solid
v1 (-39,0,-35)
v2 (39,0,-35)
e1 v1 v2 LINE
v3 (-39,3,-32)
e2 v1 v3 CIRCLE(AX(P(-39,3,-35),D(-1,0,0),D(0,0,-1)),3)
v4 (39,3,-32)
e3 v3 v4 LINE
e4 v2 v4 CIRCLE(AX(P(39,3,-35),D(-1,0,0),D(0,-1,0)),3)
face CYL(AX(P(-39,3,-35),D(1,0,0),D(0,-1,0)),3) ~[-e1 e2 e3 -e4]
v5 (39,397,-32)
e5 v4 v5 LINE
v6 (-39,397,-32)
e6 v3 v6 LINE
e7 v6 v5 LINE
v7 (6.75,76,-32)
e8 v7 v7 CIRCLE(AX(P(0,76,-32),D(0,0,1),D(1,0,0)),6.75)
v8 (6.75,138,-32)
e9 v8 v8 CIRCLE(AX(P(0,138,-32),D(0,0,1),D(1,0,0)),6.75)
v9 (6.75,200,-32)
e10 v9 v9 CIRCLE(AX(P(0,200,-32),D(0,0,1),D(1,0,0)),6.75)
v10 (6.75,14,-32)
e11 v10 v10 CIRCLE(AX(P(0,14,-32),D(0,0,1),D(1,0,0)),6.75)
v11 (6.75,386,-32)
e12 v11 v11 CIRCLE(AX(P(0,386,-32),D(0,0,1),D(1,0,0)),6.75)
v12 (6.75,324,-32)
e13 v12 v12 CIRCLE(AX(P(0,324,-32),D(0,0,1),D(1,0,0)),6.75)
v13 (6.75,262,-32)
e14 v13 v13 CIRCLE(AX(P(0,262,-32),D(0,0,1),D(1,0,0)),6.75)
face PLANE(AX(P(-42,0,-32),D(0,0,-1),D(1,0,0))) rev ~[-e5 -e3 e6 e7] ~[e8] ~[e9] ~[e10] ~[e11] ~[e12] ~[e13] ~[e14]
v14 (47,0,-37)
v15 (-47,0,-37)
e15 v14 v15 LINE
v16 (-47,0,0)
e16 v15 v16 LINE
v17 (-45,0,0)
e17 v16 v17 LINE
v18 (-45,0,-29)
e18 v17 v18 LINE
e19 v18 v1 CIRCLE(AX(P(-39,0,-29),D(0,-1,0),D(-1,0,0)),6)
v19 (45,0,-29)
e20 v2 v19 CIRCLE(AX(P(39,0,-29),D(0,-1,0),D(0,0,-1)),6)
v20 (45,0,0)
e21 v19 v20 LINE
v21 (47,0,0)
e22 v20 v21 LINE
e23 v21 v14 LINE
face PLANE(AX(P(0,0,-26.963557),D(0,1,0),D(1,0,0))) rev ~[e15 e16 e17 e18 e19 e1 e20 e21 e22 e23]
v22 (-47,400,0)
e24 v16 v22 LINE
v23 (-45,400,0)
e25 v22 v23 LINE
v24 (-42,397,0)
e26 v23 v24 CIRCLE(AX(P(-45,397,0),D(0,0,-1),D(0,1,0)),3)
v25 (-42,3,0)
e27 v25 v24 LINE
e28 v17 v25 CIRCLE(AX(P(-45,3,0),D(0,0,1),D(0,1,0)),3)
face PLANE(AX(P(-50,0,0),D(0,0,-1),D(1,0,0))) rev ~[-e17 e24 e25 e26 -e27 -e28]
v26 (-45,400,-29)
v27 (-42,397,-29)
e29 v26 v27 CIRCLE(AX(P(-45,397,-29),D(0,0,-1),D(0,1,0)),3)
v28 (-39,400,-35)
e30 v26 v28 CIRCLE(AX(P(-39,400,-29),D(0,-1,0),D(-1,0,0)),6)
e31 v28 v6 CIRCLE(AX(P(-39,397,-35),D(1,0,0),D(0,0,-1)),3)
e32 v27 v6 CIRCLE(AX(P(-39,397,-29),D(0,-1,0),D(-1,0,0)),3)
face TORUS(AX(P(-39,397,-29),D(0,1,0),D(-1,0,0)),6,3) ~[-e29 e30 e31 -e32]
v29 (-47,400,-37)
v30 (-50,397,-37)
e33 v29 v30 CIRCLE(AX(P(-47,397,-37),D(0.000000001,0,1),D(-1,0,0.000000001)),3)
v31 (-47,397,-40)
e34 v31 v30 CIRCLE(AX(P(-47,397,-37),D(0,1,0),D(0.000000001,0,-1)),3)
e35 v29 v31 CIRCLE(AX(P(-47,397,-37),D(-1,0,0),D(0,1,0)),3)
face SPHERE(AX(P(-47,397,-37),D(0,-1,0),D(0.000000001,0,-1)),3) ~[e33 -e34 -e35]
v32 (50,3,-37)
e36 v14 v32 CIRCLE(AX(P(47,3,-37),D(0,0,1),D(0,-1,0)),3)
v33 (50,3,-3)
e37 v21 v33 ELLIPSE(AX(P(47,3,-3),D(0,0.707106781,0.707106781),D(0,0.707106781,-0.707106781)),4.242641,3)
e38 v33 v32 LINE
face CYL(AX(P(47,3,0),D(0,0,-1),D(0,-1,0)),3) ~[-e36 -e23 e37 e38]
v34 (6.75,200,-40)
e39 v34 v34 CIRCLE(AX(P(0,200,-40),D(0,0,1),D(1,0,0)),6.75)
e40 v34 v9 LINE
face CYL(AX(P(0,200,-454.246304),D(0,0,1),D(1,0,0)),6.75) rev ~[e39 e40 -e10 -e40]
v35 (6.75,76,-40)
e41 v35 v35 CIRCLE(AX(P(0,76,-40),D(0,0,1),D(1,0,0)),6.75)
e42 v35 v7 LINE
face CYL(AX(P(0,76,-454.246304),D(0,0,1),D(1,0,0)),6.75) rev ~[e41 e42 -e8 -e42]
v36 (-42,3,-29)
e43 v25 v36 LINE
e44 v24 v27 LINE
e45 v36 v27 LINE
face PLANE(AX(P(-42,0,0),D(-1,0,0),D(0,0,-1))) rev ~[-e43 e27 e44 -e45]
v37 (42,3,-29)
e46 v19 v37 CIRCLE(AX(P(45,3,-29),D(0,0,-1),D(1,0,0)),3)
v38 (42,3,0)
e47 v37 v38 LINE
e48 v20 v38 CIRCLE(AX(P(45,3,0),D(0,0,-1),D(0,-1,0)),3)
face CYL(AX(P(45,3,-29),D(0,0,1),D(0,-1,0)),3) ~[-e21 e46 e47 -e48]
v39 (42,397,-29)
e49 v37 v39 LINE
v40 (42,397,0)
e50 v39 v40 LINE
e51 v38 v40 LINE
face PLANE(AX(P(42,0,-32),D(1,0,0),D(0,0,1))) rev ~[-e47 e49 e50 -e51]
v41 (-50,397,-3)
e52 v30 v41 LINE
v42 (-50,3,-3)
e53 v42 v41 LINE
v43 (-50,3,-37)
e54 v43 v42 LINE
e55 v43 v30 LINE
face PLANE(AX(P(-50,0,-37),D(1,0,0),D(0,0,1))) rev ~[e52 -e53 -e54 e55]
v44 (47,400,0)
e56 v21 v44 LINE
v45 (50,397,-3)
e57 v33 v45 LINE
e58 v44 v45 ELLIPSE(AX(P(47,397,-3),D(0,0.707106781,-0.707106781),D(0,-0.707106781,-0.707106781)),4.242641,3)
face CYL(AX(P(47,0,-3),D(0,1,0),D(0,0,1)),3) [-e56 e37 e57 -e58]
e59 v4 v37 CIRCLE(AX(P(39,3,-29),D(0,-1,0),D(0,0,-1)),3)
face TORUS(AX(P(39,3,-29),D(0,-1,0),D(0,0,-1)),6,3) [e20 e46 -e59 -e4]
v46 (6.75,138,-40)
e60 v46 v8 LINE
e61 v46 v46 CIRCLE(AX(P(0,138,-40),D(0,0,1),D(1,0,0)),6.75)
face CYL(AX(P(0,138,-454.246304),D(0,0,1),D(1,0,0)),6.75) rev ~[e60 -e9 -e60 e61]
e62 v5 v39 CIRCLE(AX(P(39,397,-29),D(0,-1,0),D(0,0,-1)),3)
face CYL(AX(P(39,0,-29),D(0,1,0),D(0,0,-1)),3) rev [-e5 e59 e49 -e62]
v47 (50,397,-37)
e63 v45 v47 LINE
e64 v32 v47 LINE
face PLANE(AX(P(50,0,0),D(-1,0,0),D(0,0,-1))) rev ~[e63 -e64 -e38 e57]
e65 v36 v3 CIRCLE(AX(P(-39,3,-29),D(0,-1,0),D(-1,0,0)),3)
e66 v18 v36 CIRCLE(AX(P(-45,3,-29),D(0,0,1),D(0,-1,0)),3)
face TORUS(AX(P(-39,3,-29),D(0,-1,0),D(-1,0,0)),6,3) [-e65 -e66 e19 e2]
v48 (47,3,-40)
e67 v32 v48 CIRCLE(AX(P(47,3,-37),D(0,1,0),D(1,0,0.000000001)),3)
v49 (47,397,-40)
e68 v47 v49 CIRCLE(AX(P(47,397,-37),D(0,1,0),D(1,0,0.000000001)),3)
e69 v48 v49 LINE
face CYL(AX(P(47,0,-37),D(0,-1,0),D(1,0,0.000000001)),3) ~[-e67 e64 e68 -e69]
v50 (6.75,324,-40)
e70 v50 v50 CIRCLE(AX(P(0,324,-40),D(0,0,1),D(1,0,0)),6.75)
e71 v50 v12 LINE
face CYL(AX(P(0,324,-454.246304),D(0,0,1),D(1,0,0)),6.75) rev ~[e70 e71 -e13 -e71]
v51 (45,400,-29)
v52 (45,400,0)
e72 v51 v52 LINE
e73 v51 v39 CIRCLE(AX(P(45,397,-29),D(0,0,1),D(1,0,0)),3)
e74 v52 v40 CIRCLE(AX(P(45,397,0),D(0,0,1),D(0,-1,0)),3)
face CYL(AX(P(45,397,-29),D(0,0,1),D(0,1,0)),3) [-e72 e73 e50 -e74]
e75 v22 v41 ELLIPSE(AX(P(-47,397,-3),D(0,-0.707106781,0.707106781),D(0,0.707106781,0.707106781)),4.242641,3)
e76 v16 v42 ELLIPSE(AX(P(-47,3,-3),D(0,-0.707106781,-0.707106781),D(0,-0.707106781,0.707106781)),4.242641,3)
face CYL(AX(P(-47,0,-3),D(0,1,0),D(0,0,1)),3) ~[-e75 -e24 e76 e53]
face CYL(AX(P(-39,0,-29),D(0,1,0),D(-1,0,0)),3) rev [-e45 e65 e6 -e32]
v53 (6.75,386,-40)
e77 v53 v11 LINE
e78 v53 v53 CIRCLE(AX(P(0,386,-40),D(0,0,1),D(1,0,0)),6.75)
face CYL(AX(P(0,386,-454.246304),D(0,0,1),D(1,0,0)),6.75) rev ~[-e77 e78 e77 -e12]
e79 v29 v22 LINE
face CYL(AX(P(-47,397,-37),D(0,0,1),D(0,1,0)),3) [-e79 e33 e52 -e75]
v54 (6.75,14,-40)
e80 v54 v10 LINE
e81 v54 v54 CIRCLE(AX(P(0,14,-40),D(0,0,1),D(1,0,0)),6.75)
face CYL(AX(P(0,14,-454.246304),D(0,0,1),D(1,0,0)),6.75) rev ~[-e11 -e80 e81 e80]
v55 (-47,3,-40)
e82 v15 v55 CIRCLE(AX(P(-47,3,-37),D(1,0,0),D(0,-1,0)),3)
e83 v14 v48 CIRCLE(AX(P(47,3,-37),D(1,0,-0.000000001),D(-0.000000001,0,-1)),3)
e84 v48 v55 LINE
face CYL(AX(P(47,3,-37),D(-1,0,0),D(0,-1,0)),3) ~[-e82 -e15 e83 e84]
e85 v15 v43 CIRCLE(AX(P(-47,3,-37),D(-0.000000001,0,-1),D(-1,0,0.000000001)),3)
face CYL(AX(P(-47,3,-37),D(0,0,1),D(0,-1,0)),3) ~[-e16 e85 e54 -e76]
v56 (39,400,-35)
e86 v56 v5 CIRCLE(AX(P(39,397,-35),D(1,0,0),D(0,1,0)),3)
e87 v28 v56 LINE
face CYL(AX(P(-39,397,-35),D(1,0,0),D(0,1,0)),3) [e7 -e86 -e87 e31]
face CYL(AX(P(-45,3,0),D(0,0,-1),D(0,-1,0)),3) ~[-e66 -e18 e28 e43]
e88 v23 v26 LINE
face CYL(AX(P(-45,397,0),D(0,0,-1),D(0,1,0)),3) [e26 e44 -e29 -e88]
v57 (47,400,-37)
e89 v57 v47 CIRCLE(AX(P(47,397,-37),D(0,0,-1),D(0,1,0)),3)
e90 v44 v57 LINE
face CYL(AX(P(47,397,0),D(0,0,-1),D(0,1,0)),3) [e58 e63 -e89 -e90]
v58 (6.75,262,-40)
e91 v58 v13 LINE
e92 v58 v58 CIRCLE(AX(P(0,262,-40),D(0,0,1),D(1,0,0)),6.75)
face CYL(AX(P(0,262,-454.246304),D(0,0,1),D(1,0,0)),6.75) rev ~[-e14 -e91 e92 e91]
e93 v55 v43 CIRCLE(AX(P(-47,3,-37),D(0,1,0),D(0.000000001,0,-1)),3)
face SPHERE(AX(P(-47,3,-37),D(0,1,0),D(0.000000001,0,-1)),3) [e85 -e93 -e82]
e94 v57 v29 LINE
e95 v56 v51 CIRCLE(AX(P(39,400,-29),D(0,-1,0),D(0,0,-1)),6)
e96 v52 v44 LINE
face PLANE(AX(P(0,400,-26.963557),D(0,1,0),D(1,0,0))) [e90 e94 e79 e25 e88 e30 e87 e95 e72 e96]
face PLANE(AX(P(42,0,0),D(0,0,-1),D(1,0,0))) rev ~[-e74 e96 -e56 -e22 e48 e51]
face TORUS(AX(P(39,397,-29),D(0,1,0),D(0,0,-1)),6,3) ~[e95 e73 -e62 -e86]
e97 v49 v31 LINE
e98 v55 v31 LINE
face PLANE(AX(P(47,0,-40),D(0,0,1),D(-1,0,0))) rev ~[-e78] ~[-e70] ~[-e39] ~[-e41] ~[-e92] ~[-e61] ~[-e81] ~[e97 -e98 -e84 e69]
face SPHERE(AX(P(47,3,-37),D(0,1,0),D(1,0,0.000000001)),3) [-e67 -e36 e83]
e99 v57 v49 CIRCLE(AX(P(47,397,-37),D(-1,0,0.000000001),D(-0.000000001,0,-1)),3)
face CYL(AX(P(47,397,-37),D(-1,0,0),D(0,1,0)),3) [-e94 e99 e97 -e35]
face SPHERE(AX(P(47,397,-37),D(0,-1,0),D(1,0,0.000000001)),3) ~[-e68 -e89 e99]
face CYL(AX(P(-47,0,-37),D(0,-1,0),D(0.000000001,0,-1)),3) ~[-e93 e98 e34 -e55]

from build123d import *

# Parameters (mm, degrees)
EXTRUIR_L_MINA1_DEPTH         = 400
REDONDEO1_R                   = 3
REDONDEO2_R                   = 3
TALADRO_DE_MARGEN_PARA_M121_D = 13.5


with BuildPart() as part:
    # Croquis1 → Extruir-Lámina1 (new body)
    with BuildSketch(Plane(origin=(0, 0, 0), x_dir=(1, 0, 0), z_dir=(0, 1, 0))):
        with BuildLine():
            Line((50, 0), (50, 37))
            ThreePointArc((50, 37), (49.121320344, 39.121320344), (47, 40))
            Line((47, 40), (-47, 40))
            ThreePointArc((-47, 40), (-49.121320344, 39.121320344), (-50, 37))
            Line((-50, 37), (-50, 0))
            Line((-50, 0), (-42, 0))
            Line((-42, 0), (-42, 32))
            Line((-42, 32), (42, 32))
            Line((42, 32), (42, 0))
            Line((42, 0), (50, 0))
        make_face()
    extrude(amount=EXTRUIR_L_MINA1_DEPTH)

    # Redondeo1
    redondeo1_edges = [part.edges().sort_by_distance(p)[0] for p in [
        (42, 200, -32),
        (-42, 200, -32),
    ]]
    fillet(redondeo1_edges, radius=REDONDEO1_R)

    # Redondeo2
    redondeo2_edges = [part.edges().sort_by_distance(p)[0] for p in [
        (-50, 0, -18.5),
        (-49.121320344, 0, -39.121320344),
        (0, 0, -40),
        (49.121320344, 0, -39.121320344),
        (50, 0, -18.5),
        (50, 400, -18.5),
        (-50, 200, 0),
        (50, 200, 0),
        (49.121320344, 400, -39.121320344),
        (0, 400, -40),
        (-49.121320344, 400, -39.121320344),
        (42, 0, -14.5),
        (-50, 400, -18.5),
        (42, 400, -14.5),
        (0, 0, -32),
        (0, 400, -32),
        (41.121320344, 0, -31.121320344),
        (41.121320344, 400, -31.121320344),
        (-41.121320344, 0, -31.121320344),
        (-41.121320344, 400, -31.121320344),
        (-42, 400, -14.5),
        (-42, 0, -14.5),
    ]]
    fillet(redondeo2_edges, radius=REDONDEO2_R)

    # Taladro de margen para M121 (through all)
    with Locations(Plane(origin=(0, 0, -40), x_dir=(-1, 0, 0), z_dir=(0, 0, -1))):
        with Locations((0, 386), (0, 324), (0, 262), (0, 200), (0, 138), (0, 76), (0, 14)):
            Hole(TALADRO_DE_MARGEN_PARA_M121_D / 2)


solid = part.part
